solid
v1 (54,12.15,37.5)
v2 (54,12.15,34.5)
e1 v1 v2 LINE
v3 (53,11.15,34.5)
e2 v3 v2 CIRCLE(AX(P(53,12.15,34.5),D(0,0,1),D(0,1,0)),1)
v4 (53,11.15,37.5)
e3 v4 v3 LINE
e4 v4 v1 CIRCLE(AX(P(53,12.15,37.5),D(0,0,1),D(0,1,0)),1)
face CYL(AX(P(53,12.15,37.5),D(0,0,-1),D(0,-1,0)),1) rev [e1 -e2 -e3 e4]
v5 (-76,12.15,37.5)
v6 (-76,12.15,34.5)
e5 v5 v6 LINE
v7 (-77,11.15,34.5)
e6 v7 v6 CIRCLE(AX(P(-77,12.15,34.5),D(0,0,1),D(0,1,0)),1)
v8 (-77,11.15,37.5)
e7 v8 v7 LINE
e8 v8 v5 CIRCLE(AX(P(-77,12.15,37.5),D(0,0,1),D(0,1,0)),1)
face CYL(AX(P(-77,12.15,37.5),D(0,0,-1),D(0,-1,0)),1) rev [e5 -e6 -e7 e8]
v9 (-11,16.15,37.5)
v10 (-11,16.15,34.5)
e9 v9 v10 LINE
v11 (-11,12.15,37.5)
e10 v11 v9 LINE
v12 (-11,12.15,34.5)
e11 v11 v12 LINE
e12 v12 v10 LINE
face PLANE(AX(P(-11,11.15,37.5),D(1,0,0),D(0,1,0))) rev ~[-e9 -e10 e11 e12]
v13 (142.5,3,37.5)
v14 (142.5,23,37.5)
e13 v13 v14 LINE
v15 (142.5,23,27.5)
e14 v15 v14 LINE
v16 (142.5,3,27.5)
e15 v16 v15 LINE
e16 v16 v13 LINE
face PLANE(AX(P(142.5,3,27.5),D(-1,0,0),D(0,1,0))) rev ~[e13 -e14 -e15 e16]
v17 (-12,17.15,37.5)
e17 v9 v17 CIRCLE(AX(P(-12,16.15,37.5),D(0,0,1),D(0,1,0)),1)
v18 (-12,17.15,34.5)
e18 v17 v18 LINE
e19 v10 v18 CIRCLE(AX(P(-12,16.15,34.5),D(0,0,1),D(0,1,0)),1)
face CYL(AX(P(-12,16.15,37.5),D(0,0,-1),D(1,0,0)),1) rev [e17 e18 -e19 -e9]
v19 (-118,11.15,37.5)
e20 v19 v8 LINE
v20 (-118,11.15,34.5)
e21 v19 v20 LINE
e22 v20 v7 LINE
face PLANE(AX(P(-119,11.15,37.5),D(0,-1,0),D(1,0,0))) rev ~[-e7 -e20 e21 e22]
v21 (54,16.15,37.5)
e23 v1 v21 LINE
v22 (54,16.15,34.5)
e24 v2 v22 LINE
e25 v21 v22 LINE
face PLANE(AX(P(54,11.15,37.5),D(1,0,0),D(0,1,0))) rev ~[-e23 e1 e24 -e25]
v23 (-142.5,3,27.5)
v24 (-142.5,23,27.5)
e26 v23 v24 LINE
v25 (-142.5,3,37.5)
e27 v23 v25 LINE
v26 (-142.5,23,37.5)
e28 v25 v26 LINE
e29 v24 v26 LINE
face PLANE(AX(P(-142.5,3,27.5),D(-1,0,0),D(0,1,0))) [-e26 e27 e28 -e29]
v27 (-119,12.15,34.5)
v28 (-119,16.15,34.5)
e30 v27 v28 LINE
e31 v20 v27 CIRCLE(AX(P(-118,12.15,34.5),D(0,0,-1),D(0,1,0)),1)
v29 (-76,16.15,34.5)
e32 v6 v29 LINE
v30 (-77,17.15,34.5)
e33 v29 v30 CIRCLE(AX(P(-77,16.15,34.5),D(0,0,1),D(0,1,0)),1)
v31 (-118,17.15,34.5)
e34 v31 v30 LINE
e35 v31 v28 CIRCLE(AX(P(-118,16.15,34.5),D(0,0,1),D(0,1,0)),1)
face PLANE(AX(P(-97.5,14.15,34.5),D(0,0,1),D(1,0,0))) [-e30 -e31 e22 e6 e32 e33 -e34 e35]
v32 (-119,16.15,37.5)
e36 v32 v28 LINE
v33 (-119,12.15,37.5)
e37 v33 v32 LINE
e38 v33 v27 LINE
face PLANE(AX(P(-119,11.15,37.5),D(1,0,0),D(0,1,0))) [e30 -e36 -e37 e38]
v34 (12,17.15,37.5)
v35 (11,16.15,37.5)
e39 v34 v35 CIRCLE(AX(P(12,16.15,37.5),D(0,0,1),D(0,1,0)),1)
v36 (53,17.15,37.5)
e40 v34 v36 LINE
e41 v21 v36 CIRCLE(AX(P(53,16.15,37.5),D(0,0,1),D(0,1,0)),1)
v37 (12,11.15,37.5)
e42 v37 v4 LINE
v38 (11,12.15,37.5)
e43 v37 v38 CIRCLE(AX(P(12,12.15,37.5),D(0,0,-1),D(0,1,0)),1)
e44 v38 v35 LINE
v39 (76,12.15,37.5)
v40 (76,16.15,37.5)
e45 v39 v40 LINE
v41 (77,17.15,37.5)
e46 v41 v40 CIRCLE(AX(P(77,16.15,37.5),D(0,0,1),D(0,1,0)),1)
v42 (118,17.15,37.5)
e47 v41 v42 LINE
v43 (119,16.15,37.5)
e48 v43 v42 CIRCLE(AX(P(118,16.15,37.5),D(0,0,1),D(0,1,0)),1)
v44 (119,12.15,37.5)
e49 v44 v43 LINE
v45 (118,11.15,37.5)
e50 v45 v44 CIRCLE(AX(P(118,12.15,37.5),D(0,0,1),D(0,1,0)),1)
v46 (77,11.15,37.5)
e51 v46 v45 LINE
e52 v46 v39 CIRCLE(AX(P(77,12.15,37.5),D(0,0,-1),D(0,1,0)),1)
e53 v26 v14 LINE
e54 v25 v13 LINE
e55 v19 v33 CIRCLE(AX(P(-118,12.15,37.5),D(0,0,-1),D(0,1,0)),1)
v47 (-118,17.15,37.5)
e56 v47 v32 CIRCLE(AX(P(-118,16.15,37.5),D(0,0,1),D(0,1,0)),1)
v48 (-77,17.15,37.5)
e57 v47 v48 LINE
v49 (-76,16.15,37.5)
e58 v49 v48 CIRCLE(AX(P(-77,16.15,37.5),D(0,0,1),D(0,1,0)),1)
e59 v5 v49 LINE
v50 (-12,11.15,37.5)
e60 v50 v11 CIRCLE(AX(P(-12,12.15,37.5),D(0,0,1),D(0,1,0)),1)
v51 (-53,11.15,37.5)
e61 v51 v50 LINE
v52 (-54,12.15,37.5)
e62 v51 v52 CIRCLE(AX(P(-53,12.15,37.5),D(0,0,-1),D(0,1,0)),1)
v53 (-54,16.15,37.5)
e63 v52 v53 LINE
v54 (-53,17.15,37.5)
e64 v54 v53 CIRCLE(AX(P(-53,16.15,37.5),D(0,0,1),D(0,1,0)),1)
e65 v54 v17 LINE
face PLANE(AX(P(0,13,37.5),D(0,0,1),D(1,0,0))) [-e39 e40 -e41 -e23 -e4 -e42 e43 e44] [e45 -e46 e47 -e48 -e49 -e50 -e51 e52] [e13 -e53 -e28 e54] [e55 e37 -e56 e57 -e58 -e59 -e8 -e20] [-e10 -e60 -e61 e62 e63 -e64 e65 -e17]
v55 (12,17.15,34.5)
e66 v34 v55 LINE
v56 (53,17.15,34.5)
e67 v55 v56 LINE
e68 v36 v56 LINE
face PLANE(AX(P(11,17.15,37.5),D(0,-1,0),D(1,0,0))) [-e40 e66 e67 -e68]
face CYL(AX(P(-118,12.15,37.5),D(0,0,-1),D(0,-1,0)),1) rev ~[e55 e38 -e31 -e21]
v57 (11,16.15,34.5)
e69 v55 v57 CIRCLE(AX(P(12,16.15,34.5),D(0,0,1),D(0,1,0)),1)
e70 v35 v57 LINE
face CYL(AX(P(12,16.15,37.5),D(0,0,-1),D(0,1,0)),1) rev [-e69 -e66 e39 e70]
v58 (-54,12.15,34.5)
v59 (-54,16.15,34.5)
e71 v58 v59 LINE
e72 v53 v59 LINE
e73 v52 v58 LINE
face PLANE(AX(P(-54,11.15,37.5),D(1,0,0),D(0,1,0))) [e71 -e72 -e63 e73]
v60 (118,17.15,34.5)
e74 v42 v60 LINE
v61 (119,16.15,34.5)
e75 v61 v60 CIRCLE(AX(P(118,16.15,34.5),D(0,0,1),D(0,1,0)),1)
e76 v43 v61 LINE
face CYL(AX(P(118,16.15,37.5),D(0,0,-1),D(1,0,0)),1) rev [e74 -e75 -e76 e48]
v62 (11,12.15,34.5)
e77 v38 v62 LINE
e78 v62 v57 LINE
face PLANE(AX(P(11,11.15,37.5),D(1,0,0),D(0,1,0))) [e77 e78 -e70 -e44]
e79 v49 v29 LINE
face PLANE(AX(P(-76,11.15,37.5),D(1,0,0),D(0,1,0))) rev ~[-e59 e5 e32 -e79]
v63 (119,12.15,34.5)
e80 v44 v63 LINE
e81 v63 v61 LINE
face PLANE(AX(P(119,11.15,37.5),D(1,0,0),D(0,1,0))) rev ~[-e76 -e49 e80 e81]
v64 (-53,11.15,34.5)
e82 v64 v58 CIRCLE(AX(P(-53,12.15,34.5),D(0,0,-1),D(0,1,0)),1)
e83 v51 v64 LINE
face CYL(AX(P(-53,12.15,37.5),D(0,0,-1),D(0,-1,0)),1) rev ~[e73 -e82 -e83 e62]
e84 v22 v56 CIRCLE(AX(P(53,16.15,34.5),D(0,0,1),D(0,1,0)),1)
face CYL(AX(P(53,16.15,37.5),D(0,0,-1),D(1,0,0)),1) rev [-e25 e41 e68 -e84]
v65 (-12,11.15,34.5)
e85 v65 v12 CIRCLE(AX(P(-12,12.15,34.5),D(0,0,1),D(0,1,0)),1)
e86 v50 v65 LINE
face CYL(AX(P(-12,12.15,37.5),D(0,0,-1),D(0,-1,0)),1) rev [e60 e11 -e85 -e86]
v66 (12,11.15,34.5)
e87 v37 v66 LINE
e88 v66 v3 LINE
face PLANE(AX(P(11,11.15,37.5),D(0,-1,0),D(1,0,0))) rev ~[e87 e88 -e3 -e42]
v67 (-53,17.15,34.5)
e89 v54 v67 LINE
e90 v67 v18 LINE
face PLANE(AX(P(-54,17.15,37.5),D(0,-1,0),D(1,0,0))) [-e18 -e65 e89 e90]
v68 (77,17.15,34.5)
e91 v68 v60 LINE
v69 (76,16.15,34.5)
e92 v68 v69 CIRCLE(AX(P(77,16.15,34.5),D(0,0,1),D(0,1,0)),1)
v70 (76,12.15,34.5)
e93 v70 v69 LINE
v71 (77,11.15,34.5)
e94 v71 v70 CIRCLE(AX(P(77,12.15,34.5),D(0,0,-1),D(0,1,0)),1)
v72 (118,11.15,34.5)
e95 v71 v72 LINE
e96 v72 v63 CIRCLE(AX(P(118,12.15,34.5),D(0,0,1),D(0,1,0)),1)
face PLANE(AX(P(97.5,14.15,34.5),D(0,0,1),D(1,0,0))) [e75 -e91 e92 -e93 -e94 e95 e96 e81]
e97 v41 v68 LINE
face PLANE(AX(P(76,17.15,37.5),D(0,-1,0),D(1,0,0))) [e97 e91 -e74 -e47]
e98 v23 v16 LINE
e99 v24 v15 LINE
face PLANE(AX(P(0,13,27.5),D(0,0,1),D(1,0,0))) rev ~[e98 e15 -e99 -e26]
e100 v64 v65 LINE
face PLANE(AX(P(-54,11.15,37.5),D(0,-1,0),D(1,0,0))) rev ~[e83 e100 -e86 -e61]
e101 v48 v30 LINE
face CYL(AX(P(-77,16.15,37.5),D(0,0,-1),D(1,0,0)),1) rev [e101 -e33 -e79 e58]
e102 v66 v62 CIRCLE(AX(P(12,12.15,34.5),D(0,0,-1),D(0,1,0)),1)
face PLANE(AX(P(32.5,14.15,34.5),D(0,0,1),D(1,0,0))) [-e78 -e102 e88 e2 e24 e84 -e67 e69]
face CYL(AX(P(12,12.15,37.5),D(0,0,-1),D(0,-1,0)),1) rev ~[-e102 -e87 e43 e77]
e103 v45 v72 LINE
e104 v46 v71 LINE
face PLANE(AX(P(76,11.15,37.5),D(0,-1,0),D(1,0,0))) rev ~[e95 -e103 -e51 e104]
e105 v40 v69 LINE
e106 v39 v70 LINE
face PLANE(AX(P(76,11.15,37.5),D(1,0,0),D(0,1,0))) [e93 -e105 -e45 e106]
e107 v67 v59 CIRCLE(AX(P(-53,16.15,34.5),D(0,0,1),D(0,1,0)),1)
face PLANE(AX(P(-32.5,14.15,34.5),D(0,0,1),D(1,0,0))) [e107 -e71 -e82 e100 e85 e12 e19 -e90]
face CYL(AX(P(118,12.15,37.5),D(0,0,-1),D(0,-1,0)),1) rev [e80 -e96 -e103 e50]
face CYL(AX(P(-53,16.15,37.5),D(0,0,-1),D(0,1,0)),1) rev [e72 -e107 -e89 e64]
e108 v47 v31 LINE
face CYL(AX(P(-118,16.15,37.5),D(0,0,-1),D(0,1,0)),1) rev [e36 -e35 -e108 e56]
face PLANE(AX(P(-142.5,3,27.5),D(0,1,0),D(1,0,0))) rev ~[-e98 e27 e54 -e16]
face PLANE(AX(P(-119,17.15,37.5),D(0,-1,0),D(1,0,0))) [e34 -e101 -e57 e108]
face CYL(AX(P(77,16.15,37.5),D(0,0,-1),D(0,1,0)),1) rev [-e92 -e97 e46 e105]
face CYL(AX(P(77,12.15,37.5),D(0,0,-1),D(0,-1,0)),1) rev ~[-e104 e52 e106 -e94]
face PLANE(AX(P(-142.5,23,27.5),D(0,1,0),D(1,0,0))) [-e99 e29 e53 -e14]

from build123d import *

# Parameters (mm, degrees)
SKETCH1_W           = 285
SKETCH1_H           = 20
BOSS_EXTRUDE1_DEPTH = 10
SKETCH5_W           = 43
SKETCH5_H           = 6
CUT_EXTRUDE1_DEPTH  = 3
FILLET1_R           = 1


with BuildPart() as part:
    # Sketch1 → Boss-Extrude1 (new body)
    with BuildSketch(Plane.XY.offset(27.5)):
        with Locations((0, 13)):
            Rectangle(SKETCH1_W, SKETCH1_H)
    extrude(amount=BOSS_EXTRUDE1_DEPTH)

    # Sketch5 → Cut-Extrude1 (cut)
    with BuildSketch(Plane.XY.offset(37.5)):
        with Locations((-97.5, 14.15)):
            Rectangle(SKETCH5_W, SKETCH5_H)
        with Locations((-32.5, 14.15)):
            Rectangle(SKETCH5_W, SKETCH5_H)
        with Locations((32.5, 14.15)):
            Rectangle(SKETCH5_W, SKETCH5_H)
        with Locations((97.5, 14.15)):
            Rectangle(SKETCH5_W, SKETCH5_H)
    extrude(amount=-CUT_EXTRUDE1_DEPTH, mode=Mode.SUBTRACT)

    # Fillet1
    fillet1_edges = [part.edges().sort_by_distance(p)[0] for p in [
        (-76, 17.15, 36),
        (-76, 11.15, 36),
        (-119, 11.15, 36),
        (-119, 17.15, 36),
        (-11, 17.15, 36),
        (-11, 11.15, 36),
        (-54, 11.15, 36),
        (-54, 17.15, 36),
        (54, 17.15, 36),
        (54, 11.15, 36),
        (11, 11.15, 36),
        (11, 17.15, 36),
        (119, 17.15, 36),
        (119, 11.15, 36),
        (76, 11.15, 36),
        (76, 17.15, 36),
    ]]
    fillet(fillet1_edges, radius=FILLET1_R)


solid = part.part
